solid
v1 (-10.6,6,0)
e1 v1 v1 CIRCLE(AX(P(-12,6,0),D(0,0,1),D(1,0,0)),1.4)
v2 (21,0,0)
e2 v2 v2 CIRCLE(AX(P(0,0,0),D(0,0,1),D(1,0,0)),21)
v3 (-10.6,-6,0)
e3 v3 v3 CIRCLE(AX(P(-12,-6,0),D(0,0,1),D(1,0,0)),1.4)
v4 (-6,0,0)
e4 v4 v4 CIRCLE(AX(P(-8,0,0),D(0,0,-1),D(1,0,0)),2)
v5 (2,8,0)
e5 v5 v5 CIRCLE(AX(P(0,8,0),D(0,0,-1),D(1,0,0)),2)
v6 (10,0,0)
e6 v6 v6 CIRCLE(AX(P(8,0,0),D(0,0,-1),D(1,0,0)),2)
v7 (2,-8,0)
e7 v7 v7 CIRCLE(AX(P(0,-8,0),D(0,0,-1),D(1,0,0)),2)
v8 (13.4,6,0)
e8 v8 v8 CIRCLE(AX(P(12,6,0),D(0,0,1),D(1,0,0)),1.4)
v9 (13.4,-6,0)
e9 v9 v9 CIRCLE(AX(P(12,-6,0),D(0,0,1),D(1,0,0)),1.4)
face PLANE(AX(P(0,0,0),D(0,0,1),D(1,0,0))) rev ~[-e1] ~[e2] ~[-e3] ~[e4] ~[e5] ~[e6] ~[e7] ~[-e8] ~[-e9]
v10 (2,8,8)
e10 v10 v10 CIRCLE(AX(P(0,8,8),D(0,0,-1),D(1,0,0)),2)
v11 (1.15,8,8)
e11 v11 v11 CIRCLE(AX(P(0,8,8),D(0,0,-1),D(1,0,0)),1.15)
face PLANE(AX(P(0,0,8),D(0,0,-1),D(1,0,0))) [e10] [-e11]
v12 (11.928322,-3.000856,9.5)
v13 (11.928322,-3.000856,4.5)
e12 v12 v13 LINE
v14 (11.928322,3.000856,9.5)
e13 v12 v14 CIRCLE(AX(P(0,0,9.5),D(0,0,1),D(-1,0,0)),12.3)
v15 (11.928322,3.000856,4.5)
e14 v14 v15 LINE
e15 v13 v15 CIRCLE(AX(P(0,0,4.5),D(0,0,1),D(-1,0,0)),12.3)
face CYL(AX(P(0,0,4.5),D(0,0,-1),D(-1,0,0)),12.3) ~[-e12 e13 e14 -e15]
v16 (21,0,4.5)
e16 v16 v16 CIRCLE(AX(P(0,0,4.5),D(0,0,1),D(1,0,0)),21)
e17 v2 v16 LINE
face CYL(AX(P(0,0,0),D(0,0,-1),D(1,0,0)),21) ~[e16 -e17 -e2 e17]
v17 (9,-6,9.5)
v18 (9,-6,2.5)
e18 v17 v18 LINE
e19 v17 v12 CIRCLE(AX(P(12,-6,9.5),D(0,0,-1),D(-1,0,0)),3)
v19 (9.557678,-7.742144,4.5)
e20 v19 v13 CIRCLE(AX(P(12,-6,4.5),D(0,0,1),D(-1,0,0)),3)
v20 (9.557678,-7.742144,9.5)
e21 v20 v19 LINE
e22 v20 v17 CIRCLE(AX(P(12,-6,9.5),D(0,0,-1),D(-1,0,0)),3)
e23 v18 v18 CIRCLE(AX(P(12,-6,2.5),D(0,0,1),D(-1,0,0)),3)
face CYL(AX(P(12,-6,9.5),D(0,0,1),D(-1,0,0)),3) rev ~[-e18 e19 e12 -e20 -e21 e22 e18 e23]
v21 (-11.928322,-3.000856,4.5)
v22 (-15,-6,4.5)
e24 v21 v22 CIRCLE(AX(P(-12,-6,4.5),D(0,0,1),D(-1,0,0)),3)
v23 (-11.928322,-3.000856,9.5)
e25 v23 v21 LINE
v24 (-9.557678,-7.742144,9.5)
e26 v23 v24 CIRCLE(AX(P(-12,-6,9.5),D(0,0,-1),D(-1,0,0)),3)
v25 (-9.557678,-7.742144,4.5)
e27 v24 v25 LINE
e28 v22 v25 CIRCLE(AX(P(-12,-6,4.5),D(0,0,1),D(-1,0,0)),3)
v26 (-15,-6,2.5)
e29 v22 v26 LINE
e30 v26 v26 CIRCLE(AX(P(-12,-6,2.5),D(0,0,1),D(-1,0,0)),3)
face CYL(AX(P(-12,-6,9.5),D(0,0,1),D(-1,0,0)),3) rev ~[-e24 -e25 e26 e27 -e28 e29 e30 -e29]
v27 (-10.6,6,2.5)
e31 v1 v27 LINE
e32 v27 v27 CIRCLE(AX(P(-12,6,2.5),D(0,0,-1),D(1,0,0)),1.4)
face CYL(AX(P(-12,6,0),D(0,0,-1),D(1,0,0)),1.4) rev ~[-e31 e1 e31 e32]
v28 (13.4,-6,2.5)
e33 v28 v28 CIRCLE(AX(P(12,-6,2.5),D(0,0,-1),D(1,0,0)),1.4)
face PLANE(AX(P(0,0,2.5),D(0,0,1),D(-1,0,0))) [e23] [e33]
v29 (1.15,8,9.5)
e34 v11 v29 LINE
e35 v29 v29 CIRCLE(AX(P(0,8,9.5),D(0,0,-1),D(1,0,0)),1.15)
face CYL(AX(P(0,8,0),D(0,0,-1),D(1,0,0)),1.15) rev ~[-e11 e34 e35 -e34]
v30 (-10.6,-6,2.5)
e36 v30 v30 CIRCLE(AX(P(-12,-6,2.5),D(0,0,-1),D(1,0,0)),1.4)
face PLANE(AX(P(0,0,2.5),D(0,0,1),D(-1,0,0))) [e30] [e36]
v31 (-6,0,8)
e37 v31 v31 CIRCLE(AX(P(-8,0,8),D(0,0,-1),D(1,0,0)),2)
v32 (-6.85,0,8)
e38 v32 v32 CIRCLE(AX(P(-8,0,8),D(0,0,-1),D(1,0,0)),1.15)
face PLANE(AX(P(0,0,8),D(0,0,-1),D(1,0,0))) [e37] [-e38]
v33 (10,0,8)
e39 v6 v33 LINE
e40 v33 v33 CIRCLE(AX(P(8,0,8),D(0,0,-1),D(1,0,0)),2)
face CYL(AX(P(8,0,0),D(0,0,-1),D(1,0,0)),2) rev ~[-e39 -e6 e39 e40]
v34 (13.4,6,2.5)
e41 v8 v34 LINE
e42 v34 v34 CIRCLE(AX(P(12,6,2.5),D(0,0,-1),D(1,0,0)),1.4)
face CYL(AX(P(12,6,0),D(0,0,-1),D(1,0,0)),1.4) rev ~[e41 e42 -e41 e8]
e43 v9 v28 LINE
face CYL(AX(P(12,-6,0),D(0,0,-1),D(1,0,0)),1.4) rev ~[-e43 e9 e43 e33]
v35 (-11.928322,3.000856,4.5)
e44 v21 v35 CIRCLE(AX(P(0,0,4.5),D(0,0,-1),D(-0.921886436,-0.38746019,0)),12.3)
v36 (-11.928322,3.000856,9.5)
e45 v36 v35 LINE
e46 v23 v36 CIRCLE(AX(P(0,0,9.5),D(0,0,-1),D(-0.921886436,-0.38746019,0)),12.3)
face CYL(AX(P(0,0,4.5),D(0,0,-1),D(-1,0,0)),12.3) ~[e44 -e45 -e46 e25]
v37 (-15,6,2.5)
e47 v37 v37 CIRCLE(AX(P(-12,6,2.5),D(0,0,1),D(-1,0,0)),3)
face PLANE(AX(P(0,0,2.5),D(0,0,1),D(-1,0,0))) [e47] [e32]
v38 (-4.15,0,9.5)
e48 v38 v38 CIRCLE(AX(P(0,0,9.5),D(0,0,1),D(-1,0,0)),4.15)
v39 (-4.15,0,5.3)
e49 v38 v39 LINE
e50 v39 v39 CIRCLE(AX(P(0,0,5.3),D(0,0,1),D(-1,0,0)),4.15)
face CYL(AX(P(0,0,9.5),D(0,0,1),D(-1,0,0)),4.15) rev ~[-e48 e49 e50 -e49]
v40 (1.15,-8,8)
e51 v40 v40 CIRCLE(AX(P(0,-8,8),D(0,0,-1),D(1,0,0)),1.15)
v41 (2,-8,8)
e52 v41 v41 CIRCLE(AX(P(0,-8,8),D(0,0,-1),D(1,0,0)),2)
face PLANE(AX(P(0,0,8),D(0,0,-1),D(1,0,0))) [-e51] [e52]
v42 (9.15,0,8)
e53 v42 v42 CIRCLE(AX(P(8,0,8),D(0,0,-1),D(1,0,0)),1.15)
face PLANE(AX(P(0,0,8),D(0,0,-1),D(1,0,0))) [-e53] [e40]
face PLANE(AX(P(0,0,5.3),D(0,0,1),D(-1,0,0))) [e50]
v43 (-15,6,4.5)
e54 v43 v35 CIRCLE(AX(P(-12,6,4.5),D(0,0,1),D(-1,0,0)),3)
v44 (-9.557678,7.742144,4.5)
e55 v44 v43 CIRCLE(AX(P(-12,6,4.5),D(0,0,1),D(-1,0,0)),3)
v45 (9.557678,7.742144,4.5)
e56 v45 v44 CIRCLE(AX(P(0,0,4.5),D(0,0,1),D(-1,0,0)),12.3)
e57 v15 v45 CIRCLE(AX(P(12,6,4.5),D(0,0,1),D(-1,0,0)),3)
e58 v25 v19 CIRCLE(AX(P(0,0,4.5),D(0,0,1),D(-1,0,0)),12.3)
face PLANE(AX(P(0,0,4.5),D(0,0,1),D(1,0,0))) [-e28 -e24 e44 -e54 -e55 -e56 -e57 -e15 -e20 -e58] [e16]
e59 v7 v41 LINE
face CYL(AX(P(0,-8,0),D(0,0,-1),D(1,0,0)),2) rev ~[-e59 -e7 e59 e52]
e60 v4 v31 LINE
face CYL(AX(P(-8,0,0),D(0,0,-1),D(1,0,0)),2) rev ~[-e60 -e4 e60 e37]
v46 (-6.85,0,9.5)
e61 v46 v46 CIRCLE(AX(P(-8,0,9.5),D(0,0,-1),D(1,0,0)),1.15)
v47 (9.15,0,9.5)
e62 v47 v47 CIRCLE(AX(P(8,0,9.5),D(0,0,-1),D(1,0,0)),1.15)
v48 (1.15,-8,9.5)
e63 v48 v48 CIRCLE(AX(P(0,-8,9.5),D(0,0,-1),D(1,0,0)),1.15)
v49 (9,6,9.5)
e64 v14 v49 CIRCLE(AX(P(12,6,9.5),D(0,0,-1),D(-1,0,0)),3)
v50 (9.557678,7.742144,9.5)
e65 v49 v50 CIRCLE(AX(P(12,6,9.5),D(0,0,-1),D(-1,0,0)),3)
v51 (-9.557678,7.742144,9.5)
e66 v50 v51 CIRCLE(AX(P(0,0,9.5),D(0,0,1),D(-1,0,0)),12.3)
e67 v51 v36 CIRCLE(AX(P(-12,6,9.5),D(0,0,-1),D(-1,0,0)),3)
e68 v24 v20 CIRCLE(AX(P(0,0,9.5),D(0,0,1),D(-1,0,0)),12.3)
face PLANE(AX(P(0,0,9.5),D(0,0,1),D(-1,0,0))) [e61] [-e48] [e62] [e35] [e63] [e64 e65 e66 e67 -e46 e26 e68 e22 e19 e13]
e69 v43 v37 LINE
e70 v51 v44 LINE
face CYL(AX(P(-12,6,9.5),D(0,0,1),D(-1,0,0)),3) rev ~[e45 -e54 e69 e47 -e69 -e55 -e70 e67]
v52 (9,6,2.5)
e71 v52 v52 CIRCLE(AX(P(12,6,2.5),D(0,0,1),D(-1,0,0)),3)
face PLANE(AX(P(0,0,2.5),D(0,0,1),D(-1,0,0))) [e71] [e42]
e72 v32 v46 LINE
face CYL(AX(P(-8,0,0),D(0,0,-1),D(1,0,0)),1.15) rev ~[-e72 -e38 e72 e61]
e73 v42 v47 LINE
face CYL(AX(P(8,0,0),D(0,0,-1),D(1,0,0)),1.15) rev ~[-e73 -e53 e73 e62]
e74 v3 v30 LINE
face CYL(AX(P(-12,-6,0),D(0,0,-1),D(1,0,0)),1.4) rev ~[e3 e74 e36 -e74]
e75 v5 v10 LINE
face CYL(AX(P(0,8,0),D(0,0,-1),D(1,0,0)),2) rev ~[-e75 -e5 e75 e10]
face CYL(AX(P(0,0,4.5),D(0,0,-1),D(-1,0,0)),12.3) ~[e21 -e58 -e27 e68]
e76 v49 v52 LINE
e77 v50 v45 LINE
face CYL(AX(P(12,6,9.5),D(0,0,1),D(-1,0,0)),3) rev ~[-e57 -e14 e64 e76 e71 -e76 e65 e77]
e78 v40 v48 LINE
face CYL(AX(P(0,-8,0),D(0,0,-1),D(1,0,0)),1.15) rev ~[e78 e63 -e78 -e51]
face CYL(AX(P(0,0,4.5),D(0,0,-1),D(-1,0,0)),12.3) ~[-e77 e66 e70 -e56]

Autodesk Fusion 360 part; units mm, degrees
sketch "スケッチ1" plane through (0, 0, 0) normal (0, 0, 1) x (1, 0, 0)
  circle A0 centre (0, 0) radius 21
  dimension "d1" = 42
extrude "押し出し1" add sketch "スケッチ1" along normal blind 4.5
sketch "スケッチ2" plane through (0, 0, 4.5) normal (0, 0, 1) x (-1, 0, 0)
  circle A0 centre (0, 0) radius 21
  circle A1 centre (0, 0) radius 12.3
  dimension "d4" = 24.6
extrude "押し出し2" add sketch "スケッチ2" along normal blind 5 contours A1
sketch "スケッチ3" plane through (0, 0, 9.5) normal (0, 0, 1) x (-1, 0, 0)
  circle A0 centre (0, 0) radius 4.15
  dimension "d7" = 8.3
extrude "押し出し3" cut sketch "スケッチ3" against normal blind 4.2
sketch "スケッチ4" plane through (0, 0, 0) normal (0, 0, -1) x (1, 0, 0)
  circle A0 centre (0, 0) radius 21
  circle A1 centre (0, 0) radius 8
  circle A2 centre (0, -8) radius 1.15
  circle A3 centre (8, 0) radius 1.15
  circle A4 centre (0, 8) radius 1.15
  circle A5 centre (-8, 0) radius 1.15
  dimension "d10" = 16
  dimension "d11" = 2.3
  dimension "d12" = 2.3
  dimension "d13" = 2.3
  dimension "d14" = 2.3
extrude "押し出し4" cut sketch "スケッチ4" against normal through all contours A1 A3 | A1 A3 | A1 A4 | A1 A4 | A1 A2 | A1 A2 | A1 A5 | A1 A5
sketch "スケッチ5" plane through (0, 0, 0) normal (0, 0, -1) x (1, 0, 0)
  circle A0 centre (8, 0) radius 1.15
  circle A1 centre (0, 8) radius 1.15
  circle A2 centre (0, -8) radius 1.15
  circle A3 centre (-8, 0) radius 1.15
  circle A4 centre (0, 0) radius 21
  line L0 (12, -6) -> (-12, -6)
  line L1 (-12, -6) -> (-12, 6)
  line L2 (-12, 6) -> (12, 6)
  line L3 (12, 6) -> (12, -6)
  circle A5 centre (12, -6) radius 1.4
  circle A6 centre (-12, -6) radius 1.4
  circle A7 centre (12, 6) radius 1.4
  circle A8 centre (-12, 6) radius 1.4
  dimension "d16" = 24
  dimension "d17" = 12
  dimension "d18" = 12
  dimension "d19" = 6
  dimension "d20" = 2.8
  dimension "d21" = 2.8
  dimension "d22" = 2.8
  dimension "d23" = 2.8
extrude "押し出し5" cut sketch "スケッチ5" against normal through all contours L0 L1 A6 | L0 L1 A6 | L0 L3 A5 | L0 L3 A5 | L1 L2 A8 | L1 L2 A8 | L2 L3 A7 | L2 L3 A7
sketch "スケッチ6" plane through (0, 0, 0) normal (0, 0, -1) x (1, 0, 0)
  circle A0 centre (0, 0) radius 21
  circle A1 centre (-8, 0) radius 1.15
  circle A2 centre (0, -8) radius 1.15
  circle A3 centre (0, 8) radius 1.15
  circle A4 centre (8, 0) radius 1.15
  circle A5 centre (-12, 6) radius 1.4
  circle A6 centre (12, -6) radius 1.4
  circle A7 centre (-12, -6) radius 1.4
  circle A8 centre (12, 6) radius 1.4
  circle A9 centre (0, -8) radius 2
  circle A10 centre (8, 0) radius 2
  circle A11 centre (-8, 0) radius 2
  circle A12 centre (0, 8) radius 2
  dimension "d25" = 4
  dimension "d26" = 4
  dimension "d27" = 4
  dimension "d28" = 4
extrude "押し出し6" cut sketch "スケッチ6" against normal blind 8 contours A9 | A10 | A11 | A12
sketch "スケッチ7" plane through (0, 0, 9.5) normal (0, 0, 1) x (-1, 0, 0)
  arc A0 (-11.3392, 4.7658) -> (-10.6161, 6.2119) centre (-12, 6) ccw
  arc A1 (-11.3392, 4.7658) -> (-11.3392, -4.7658) centre (0, 0) ccw
  arc A2 (-10.6161, -6.2119) -> (-11.3392, -4.7658) centre (-12, -6) ccw
  arc A3 (-10.6161, -6.2119) -> (10.6161, -6.2119) centre (0, 0) ccw
  arc A4 (11.3392, -4.7658) -> (10.6161, -6.2119) centre (12, -6) ccw
  arc A5 (11.3392, -4.7658) -> (11.3392, 4.7658) centre (0, 0) ccw
  arc A6 (10.6161, 6.2119) -> (11.3392, 4.7658) centre (12, 6) ccw
  arc A7 (10.6161, 6.2119) -> (-10.6161, 6.2119) centre (0, 0) ccw
  circle A8 centre (-8, 0) radius 1.15
  circle A9 centre (0, 8) radius 1.15
  circle A10 centre (0, -8) radius 1.15
  circle A11 centre (8, 0) radius 1.15
  circle A12 centre (0, 0) radius 4.15
  circle A13 centre (-12, 6) radius 3
  circle A14 centre (-12, -6) radius 3
  circle A15 centre (12, 6) radius 3
  circle A16 centre (12, -6) radius 3
  dimension "d31" = 6
  dimension "d32" = 6
  dimension "d33" = 6
  dimension "d34" = 6
extrude "押し出し7" cut sketch "スケッチ7" against normal blind 7 contours A0 A1 A7 A13 | A0 A1 A7 A13 | A1 A2 A3 A14 | A1 A2 A3 A14 | A5 A6 A7 A15 | A5 A6 A7 A15 | A3 A4 A5 A16 | A3 A4 A5 A16
equation "d18 = d16 / 2"
equation "d19 = d17 / 2"
